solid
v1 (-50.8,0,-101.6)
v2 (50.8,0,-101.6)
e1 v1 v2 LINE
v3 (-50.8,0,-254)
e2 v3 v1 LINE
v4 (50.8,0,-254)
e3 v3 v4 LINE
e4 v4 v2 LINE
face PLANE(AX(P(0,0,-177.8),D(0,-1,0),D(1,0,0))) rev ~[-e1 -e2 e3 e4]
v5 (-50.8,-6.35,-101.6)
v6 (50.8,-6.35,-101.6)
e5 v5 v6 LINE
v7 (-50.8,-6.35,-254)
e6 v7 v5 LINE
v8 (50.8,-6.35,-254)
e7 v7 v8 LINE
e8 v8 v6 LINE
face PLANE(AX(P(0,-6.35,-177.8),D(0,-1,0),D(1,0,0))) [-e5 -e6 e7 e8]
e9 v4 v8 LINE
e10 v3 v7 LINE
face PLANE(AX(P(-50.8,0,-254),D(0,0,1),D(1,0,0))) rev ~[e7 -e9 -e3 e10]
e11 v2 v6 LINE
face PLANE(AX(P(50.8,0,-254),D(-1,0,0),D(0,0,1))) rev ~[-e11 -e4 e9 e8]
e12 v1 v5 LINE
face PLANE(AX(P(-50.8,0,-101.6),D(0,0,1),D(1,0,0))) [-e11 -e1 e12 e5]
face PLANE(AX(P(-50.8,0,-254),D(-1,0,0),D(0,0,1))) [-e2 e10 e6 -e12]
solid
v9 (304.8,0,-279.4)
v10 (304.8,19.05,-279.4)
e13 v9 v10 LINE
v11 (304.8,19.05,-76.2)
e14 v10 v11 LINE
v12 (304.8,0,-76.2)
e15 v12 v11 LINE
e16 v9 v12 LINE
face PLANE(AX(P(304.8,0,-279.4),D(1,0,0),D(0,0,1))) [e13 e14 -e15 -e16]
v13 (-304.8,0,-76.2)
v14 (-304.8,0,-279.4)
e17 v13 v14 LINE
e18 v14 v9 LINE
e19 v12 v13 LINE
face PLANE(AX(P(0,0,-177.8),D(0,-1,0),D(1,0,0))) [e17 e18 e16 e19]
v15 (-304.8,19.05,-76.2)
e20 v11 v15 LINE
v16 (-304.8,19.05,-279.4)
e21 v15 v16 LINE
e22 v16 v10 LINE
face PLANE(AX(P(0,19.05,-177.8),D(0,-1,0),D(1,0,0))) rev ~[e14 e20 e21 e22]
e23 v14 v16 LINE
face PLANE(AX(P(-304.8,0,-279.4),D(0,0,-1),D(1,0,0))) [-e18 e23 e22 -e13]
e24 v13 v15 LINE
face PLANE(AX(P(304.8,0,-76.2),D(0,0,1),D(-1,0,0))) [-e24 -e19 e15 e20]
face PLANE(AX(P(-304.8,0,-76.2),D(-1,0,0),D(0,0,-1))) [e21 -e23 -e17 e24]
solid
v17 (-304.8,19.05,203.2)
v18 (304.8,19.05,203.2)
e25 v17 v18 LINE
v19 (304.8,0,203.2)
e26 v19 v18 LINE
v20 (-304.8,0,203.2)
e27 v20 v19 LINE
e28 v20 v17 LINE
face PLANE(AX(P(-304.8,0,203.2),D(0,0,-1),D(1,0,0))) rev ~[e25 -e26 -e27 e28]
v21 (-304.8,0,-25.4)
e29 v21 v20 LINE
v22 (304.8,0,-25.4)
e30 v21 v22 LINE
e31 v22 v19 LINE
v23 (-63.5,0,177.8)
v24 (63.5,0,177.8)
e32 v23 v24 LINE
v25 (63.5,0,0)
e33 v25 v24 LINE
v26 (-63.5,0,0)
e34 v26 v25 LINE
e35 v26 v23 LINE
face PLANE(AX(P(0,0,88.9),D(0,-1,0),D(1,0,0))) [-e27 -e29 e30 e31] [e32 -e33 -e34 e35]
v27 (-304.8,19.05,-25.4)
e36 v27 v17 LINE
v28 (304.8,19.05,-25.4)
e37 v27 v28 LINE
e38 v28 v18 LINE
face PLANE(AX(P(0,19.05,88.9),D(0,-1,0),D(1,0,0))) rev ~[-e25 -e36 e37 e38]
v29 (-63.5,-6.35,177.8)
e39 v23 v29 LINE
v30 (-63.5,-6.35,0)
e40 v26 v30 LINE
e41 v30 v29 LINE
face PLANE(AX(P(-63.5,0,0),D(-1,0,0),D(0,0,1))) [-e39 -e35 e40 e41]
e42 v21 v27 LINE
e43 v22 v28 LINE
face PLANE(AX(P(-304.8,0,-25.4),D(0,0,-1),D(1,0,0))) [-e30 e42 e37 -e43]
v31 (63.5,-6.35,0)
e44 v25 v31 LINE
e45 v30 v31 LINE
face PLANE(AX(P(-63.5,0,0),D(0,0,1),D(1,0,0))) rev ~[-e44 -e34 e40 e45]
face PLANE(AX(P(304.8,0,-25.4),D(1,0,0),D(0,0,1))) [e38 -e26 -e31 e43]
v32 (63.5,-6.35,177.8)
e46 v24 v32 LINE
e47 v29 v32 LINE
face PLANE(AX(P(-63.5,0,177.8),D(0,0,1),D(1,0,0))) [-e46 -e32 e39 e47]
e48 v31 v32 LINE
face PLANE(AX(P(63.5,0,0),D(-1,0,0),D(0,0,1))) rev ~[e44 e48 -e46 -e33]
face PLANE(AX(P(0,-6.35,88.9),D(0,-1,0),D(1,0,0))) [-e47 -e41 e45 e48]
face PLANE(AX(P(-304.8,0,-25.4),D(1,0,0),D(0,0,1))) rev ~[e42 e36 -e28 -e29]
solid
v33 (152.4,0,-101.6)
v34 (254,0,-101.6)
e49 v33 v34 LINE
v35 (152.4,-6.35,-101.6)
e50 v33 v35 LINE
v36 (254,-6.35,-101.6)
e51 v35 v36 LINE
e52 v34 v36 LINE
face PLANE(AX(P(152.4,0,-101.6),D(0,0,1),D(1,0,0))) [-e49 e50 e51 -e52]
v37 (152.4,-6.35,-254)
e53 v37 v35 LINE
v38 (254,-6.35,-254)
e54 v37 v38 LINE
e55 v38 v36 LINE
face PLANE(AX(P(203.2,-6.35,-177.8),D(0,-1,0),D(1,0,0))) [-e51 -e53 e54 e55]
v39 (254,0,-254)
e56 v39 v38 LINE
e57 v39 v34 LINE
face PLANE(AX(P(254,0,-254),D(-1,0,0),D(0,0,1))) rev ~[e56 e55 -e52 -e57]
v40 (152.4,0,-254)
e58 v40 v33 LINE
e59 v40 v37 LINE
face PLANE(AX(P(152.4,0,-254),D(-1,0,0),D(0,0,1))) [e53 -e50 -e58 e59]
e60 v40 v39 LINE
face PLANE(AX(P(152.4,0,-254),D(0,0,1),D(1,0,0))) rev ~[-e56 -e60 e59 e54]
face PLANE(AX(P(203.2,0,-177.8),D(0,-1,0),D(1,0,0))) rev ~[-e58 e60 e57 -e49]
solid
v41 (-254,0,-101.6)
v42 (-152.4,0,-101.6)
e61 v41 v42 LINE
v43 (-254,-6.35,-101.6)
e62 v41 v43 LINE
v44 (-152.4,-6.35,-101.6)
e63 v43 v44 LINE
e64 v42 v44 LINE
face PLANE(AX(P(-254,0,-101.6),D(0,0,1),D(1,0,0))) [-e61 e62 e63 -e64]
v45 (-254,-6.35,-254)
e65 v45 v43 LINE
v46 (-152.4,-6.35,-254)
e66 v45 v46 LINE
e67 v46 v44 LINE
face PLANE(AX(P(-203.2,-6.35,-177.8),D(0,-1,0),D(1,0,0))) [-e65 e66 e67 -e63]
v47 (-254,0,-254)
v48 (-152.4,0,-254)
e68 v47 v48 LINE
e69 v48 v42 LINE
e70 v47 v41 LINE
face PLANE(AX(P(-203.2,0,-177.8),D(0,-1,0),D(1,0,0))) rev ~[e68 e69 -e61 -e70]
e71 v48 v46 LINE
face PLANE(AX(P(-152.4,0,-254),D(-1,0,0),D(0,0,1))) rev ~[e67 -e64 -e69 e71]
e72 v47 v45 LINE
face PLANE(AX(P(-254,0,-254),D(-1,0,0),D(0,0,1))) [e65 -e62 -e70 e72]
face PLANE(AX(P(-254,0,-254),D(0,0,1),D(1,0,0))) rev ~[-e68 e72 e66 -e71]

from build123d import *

# Parameters (mm, degrees)
F0_W     = 127
F0_H     = 177.8
F1_DEPTH = 6.35
F2_W     = 609.6
F2_H     = 228.6
F3_DEPTH = 19.05
F4_W     = 101.6
F4_H     = 152.4
F5_DEPTH = 6.35
F7_DEPTH = 19.05


with BuildPart() as f1:
    # F0 (on Front) → F1 (new body)
    with BuildSketch(Plane.XZ):
        with Locations((0, 88.9)):
            Rectangle(F0_W, F0_H)
    extrude(amount=F1_DEPTH)

    # F2 (on Front) → F3 (join)
    with BuildSketch(Plane.XZ):
        with Locations((0, 88.9)):
            Rectangle(F2_W, F2_H)
    extrude(amount=-F3_DEPTH)


with BuildPart() as f5:
    # F4 (on Front) → F5 (new body)
    with BuildSketch(Plane.XZ):
        with Locations((0, -177.8)):
            Rectangle(F4_W, F4_H)
        with Locations((203.2, -177.8)):
            Rectangle(F4_W, F4_H)
        with Locations((-203.2, -177.8)):
            Rectangle(F4_W, F4_H)
    extrude(amount=F5_DEPTH)


with BuildPart() as f7:
    # F6 (on Front) → F7 (new body)
    with BuildSketch(Plane.XZ):
        Polygon((0, -76.2), (-304.8, -76.2), (-304.8, -177.8), (-304.8, -279.4), (304.8, -279.4), (304.8, -76.2), align=None)
    extrude(amount=-F7_DEPTH)


solid = Compound([f1.part, f5.part, f7.part])
